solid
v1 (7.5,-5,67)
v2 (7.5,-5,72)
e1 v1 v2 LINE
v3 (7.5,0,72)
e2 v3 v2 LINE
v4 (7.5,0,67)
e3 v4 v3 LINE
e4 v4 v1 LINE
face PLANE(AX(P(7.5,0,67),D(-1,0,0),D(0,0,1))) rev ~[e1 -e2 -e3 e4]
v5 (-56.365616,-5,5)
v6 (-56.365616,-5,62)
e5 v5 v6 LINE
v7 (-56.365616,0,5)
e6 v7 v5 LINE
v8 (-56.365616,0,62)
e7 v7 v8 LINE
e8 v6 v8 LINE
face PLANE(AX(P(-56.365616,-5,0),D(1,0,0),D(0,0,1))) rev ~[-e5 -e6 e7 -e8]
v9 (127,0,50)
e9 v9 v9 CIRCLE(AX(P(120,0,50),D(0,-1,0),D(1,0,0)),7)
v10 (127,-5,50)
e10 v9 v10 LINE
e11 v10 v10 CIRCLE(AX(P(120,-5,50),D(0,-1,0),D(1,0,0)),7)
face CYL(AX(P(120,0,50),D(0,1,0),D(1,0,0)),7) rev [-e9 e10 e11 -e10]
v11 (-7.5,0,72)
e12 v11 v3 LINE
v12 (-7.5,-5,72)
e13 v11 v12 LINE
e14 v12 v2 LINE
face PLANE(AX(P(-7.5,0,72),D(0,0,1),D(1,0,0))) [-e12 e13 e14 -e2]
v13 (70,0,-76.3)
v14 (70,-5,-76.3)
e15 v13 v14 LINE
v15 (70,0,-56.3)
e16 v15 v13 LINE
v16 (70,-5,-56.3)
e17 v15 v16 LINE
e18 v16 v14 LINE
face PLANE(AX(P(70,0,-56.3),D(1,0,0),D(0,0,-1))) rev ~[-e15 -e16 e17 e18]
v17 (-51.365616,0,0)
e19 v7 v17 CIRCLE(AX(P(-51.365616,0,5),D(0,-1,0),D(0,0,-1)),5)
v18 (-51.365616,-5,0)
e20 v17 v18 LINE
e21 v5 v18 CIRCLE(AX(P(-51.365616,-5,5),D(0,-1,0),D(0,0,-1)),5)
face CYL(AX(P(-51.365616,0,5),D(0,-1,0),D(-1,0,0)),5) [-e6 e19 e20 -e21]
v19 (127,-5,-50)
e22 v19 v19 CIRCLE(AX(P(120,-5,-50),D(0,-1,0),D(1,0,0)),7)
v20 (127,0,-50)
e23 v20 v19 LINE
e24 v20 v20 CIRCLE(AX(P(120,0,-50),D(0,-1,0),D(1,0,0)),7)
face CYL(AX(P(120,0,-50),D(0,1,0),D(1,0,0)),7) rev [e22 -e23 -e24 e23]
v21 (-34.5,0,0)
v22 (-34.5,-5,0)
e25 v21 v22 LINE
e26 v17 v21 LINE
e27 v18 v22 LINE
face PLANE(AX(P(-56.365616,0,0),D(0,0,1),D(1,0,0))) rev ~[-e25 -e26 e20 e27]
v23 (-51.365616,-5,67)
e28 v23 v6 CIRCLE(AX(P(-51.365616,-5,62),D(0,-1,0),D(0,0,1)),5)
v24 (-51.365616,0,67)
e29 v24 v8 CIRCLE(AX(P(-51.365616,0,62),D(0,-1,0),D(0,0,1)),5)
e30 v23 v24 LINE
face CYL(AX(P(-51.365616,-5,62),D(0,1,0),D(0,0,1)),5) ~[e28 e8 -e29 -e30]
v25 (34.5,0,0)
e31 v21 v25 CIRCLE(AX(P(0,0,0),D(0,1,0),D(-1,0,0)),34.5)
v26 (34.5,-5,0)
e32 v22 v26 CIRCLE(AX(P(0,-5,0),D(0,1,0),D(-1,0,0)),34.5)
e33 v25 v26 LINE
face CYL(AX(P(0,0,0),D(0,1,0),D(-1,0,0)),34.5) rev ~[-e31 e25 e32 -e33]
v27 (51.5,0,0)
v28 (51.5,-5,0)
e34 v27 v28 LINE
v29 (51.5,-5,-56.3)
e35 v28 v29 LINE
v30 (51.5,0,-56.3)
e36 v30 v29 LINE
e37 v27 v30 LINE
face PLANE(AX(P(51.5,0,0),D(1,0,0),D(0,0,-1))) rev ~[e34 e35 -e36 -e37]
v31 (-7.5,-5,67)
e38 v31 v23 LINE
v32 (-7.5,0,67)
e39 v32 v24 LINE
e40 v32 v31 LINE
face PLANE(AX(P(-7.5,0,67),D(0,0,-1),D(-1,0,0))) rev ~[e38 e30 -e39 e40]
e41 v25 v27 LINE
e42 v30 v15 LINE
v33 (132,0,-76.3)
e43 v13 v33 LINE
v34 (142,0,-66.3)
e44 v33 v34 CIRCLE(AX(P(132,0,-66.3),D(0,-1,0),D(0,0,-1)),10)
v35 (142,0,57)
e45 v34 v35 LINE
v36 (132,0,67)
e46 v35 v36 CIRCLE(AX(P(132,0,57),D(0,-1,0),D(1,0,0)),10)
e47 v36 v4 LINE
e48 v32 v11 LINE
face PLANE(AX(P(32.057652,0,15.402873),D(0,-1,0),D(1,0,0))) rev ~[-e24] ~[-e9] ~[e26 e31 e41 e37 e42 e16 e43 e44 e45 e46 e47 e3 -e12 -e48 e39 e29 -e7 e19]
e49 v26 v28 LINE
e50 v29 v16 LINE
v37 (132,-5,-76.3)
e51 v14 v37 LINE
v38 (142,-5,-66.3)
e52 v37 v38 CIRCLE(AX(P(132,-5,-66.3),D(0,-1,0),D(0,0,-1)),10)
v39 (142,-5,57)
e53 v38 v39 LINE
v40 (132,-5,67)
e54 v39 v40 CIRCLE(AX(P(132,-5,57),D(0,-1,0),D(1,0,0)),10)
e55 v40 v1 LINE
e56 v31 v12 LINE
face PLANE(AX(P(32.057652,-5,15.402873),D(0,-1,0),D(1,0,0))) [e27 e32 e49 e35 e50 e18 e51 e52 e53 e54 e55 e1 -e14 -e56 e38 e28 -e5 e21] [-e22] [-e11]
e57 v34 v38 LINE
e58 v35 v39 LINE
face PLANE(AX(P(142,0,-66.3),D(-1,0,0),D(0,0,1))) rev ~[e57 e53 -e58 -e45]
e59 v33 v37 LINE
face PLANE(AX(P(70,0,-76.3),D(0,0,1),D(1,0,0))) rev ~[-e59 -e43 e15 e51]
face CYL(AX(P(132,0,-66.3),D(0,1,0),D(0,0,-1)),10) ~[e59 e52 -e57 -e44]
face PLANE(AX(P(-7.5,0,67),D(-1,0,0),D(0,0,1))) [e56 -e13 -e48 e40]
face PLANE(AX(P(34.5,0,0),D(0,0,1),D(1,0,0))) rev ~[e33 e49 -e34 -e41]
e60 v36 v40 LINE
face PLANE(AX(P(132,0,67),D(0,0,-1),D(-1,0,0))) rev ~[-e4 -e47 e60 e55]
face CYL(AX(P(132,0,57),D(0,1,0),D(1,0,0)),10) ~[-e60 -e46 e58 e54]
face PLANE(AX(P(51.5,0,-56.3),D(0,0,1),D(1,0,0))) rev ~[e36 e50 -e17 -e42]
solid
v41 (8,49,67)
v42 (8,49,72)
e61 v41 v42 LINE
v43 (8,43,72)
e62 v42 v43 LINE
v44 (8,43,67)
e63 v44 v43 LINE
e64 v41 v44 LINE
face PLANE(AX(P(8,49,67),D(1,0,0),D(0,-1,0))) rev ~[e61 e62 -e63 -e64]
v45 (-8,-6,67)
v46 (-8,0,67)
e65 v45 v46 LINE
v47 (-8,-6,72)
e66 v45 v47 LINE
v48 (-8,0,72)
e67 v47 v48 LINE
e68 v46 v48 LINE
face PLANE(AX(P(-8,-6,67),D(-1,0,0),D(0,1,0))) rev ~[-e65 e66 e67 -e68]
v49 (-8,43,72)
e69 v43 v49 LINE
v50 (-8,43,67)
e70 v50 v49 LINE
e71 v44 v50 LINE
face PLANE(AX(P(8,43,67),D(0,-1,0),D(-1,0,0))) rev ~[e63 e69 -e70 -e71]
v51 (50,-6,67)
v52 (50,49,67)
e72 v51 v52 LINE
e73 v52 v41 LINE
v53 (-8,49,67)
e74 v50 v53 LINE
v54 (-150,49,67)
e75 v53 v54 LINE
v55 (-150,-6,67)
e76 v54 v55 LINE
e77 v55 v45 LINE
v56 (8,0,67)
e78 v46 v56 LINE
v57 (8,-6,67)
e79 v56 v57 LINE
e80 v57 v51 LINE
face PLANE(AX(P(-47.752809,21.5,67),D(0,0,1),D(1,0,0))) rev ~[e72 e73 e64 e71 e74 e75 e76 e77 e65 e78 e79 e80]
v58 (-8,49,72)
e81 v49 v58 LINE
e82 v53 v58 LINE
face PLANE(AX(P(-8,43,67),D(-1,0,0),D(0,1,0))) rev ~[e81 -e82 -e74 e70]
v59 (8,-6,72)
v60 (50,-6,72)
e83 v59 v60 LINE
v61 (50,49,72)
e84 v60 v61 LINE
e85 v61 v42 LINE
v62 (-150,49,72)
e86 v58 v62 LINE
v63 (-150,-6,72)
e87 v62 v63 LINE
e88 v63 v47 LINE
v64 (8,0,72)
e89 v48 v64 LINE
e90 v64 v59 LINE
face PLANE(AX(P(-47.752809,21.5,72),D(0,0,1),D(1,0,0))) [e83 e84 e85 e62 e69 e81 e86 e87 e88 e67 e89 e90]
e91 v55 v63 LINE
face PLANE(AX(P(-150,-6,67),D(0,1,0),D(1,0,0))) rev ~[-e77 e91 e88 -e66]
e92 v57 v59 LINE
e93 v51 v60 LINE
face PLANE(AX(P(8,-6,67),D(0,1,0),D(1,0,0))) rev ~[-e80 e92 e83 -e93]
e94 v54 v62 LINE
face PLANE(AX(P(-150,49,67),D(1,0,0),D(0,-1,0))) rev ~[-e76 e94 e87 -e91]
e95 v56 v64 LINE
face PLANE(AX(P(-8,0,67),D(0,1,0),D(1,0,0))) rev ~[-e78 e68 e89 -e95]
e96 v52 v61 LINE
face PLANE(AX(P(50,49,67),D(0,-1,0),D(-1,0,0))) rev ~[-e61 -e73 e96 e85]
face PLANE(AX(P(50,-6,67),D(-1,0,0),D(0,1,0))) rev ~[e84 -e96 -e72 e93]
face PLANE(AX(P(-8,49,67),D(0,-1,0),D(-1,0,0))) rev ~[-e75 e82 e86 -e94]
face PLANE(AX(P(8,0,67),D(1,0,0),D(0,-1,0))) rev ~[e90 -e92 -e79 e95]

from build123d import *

# Parameters (mm, degrees)
F0_R     = 7
F0_W     = 15
F0_H     = 5
F1_DEPTH = 5
F3_DEPTH = 5
F5_DEPTH = 25
F6_R     = 5


with BuildPart() as f1:
    # F0 (on Front) → F1 (new body)
    with BuildSketch(Plane.XZ):
        with BuildLine():
            Line((-7.5, 67), (-112.4850192021, 67))
            ThreePointArc((-112.4850192021, 67), (-121.8835509134, 60.4157871235), (-118.9056959219, 49.3335203346))
            Line((-118.9056959219, 49.3335203346), (-62.7862929368, 2.3335203346))
            ThreePointArc((-62.7862929368, 2.3335203346), (-59.7814033405, 0.6014682888), (-56.365616217, 0))
            Line((-56.365616217, 0), (-34.5, 0))
            ThreePointArc((-34.5, 0), (0, 34.5), (34.5, 0))
            Line((34.5, 0), (51.5, 0))
            Line((51.5, 0), (51.5, -56.3))
            Line((51.5, -56.3), (70, -56.3))
            Line((70, -56.3), (70, -76.3))
            Line((70, -76.3), (132, -76.3))
            ThreePointArc((132, -76.3), (139.0710678119, -73.3710678119), (142, -66.3))
            Line((142, -66.3), (142, 57))
            ThreePointArc((142, 57), (139.0710678119, 64.0710678119), (132, 67))
            Line((132, 67), (7.5, 67))
            Line((7.5, 67), (-7.5, 67))
        make_face()
        with Locations((120, -50)):
            Circle(F0_R, mode=Mode.SUBTRACT)
        with Locations((120, 50)):
            Circle(F0_R, mode=Mode.SUBTRACT)
        with Locations((0, 69.5)):
            Rectangle(F0_W, F0_H)
    extrude(amount=F1_DEPTH)

    # F4 (on face) → F5 (cut)
    with BuildSketch(Plane.XZ.offset(5)):
        with BuildLine():
            ThreePointArc((-62.7862929368, 2.3335203346), (-59.7814033405, 0.6014682888), (-56.365616217, 0))
            Line((-56.365616217, 0), (-56.365616217, 67))
            Line((-56.365616217, 67), (-112.4850192021, 67))
            ThreePointArc((-112.4850192021, 67), (-121.8835509134, 60.4157871235), (-118.9056959219, 49.3335203346))
            Line((-118.9056959219, 49.3335203346), (-62.7862929368, 2.3335203346))
        make_face()
    extrude(amount=-F5_DEPTH, mode=Mode.SUBTRACT)

    # F6
    f6_edges = [f1.edges().sort_by_distance(p)[0] for p in [
        (-56.365616, -2.5, 67),
        (-56.365616, -2.5, 0),
    ]]
    fillet(f6_edges, radius=F6_R)


with BuildPart() as f3:
    # F2 (on face) → F3 (new body)
    with BuildSketch(Plane.XY.offset(67)):
        Polygon((8, -6), (50, -6), (50, 49), (8, 49), (8, 43), (-8, 43), (-8, 49), (-150, 49), (-150, -6), (-8, -6), (-8, 0), (8, 0), align=None)
    extrude(amount=F3_DEPTH)


solid = Compound([f1.part, f3.part])
